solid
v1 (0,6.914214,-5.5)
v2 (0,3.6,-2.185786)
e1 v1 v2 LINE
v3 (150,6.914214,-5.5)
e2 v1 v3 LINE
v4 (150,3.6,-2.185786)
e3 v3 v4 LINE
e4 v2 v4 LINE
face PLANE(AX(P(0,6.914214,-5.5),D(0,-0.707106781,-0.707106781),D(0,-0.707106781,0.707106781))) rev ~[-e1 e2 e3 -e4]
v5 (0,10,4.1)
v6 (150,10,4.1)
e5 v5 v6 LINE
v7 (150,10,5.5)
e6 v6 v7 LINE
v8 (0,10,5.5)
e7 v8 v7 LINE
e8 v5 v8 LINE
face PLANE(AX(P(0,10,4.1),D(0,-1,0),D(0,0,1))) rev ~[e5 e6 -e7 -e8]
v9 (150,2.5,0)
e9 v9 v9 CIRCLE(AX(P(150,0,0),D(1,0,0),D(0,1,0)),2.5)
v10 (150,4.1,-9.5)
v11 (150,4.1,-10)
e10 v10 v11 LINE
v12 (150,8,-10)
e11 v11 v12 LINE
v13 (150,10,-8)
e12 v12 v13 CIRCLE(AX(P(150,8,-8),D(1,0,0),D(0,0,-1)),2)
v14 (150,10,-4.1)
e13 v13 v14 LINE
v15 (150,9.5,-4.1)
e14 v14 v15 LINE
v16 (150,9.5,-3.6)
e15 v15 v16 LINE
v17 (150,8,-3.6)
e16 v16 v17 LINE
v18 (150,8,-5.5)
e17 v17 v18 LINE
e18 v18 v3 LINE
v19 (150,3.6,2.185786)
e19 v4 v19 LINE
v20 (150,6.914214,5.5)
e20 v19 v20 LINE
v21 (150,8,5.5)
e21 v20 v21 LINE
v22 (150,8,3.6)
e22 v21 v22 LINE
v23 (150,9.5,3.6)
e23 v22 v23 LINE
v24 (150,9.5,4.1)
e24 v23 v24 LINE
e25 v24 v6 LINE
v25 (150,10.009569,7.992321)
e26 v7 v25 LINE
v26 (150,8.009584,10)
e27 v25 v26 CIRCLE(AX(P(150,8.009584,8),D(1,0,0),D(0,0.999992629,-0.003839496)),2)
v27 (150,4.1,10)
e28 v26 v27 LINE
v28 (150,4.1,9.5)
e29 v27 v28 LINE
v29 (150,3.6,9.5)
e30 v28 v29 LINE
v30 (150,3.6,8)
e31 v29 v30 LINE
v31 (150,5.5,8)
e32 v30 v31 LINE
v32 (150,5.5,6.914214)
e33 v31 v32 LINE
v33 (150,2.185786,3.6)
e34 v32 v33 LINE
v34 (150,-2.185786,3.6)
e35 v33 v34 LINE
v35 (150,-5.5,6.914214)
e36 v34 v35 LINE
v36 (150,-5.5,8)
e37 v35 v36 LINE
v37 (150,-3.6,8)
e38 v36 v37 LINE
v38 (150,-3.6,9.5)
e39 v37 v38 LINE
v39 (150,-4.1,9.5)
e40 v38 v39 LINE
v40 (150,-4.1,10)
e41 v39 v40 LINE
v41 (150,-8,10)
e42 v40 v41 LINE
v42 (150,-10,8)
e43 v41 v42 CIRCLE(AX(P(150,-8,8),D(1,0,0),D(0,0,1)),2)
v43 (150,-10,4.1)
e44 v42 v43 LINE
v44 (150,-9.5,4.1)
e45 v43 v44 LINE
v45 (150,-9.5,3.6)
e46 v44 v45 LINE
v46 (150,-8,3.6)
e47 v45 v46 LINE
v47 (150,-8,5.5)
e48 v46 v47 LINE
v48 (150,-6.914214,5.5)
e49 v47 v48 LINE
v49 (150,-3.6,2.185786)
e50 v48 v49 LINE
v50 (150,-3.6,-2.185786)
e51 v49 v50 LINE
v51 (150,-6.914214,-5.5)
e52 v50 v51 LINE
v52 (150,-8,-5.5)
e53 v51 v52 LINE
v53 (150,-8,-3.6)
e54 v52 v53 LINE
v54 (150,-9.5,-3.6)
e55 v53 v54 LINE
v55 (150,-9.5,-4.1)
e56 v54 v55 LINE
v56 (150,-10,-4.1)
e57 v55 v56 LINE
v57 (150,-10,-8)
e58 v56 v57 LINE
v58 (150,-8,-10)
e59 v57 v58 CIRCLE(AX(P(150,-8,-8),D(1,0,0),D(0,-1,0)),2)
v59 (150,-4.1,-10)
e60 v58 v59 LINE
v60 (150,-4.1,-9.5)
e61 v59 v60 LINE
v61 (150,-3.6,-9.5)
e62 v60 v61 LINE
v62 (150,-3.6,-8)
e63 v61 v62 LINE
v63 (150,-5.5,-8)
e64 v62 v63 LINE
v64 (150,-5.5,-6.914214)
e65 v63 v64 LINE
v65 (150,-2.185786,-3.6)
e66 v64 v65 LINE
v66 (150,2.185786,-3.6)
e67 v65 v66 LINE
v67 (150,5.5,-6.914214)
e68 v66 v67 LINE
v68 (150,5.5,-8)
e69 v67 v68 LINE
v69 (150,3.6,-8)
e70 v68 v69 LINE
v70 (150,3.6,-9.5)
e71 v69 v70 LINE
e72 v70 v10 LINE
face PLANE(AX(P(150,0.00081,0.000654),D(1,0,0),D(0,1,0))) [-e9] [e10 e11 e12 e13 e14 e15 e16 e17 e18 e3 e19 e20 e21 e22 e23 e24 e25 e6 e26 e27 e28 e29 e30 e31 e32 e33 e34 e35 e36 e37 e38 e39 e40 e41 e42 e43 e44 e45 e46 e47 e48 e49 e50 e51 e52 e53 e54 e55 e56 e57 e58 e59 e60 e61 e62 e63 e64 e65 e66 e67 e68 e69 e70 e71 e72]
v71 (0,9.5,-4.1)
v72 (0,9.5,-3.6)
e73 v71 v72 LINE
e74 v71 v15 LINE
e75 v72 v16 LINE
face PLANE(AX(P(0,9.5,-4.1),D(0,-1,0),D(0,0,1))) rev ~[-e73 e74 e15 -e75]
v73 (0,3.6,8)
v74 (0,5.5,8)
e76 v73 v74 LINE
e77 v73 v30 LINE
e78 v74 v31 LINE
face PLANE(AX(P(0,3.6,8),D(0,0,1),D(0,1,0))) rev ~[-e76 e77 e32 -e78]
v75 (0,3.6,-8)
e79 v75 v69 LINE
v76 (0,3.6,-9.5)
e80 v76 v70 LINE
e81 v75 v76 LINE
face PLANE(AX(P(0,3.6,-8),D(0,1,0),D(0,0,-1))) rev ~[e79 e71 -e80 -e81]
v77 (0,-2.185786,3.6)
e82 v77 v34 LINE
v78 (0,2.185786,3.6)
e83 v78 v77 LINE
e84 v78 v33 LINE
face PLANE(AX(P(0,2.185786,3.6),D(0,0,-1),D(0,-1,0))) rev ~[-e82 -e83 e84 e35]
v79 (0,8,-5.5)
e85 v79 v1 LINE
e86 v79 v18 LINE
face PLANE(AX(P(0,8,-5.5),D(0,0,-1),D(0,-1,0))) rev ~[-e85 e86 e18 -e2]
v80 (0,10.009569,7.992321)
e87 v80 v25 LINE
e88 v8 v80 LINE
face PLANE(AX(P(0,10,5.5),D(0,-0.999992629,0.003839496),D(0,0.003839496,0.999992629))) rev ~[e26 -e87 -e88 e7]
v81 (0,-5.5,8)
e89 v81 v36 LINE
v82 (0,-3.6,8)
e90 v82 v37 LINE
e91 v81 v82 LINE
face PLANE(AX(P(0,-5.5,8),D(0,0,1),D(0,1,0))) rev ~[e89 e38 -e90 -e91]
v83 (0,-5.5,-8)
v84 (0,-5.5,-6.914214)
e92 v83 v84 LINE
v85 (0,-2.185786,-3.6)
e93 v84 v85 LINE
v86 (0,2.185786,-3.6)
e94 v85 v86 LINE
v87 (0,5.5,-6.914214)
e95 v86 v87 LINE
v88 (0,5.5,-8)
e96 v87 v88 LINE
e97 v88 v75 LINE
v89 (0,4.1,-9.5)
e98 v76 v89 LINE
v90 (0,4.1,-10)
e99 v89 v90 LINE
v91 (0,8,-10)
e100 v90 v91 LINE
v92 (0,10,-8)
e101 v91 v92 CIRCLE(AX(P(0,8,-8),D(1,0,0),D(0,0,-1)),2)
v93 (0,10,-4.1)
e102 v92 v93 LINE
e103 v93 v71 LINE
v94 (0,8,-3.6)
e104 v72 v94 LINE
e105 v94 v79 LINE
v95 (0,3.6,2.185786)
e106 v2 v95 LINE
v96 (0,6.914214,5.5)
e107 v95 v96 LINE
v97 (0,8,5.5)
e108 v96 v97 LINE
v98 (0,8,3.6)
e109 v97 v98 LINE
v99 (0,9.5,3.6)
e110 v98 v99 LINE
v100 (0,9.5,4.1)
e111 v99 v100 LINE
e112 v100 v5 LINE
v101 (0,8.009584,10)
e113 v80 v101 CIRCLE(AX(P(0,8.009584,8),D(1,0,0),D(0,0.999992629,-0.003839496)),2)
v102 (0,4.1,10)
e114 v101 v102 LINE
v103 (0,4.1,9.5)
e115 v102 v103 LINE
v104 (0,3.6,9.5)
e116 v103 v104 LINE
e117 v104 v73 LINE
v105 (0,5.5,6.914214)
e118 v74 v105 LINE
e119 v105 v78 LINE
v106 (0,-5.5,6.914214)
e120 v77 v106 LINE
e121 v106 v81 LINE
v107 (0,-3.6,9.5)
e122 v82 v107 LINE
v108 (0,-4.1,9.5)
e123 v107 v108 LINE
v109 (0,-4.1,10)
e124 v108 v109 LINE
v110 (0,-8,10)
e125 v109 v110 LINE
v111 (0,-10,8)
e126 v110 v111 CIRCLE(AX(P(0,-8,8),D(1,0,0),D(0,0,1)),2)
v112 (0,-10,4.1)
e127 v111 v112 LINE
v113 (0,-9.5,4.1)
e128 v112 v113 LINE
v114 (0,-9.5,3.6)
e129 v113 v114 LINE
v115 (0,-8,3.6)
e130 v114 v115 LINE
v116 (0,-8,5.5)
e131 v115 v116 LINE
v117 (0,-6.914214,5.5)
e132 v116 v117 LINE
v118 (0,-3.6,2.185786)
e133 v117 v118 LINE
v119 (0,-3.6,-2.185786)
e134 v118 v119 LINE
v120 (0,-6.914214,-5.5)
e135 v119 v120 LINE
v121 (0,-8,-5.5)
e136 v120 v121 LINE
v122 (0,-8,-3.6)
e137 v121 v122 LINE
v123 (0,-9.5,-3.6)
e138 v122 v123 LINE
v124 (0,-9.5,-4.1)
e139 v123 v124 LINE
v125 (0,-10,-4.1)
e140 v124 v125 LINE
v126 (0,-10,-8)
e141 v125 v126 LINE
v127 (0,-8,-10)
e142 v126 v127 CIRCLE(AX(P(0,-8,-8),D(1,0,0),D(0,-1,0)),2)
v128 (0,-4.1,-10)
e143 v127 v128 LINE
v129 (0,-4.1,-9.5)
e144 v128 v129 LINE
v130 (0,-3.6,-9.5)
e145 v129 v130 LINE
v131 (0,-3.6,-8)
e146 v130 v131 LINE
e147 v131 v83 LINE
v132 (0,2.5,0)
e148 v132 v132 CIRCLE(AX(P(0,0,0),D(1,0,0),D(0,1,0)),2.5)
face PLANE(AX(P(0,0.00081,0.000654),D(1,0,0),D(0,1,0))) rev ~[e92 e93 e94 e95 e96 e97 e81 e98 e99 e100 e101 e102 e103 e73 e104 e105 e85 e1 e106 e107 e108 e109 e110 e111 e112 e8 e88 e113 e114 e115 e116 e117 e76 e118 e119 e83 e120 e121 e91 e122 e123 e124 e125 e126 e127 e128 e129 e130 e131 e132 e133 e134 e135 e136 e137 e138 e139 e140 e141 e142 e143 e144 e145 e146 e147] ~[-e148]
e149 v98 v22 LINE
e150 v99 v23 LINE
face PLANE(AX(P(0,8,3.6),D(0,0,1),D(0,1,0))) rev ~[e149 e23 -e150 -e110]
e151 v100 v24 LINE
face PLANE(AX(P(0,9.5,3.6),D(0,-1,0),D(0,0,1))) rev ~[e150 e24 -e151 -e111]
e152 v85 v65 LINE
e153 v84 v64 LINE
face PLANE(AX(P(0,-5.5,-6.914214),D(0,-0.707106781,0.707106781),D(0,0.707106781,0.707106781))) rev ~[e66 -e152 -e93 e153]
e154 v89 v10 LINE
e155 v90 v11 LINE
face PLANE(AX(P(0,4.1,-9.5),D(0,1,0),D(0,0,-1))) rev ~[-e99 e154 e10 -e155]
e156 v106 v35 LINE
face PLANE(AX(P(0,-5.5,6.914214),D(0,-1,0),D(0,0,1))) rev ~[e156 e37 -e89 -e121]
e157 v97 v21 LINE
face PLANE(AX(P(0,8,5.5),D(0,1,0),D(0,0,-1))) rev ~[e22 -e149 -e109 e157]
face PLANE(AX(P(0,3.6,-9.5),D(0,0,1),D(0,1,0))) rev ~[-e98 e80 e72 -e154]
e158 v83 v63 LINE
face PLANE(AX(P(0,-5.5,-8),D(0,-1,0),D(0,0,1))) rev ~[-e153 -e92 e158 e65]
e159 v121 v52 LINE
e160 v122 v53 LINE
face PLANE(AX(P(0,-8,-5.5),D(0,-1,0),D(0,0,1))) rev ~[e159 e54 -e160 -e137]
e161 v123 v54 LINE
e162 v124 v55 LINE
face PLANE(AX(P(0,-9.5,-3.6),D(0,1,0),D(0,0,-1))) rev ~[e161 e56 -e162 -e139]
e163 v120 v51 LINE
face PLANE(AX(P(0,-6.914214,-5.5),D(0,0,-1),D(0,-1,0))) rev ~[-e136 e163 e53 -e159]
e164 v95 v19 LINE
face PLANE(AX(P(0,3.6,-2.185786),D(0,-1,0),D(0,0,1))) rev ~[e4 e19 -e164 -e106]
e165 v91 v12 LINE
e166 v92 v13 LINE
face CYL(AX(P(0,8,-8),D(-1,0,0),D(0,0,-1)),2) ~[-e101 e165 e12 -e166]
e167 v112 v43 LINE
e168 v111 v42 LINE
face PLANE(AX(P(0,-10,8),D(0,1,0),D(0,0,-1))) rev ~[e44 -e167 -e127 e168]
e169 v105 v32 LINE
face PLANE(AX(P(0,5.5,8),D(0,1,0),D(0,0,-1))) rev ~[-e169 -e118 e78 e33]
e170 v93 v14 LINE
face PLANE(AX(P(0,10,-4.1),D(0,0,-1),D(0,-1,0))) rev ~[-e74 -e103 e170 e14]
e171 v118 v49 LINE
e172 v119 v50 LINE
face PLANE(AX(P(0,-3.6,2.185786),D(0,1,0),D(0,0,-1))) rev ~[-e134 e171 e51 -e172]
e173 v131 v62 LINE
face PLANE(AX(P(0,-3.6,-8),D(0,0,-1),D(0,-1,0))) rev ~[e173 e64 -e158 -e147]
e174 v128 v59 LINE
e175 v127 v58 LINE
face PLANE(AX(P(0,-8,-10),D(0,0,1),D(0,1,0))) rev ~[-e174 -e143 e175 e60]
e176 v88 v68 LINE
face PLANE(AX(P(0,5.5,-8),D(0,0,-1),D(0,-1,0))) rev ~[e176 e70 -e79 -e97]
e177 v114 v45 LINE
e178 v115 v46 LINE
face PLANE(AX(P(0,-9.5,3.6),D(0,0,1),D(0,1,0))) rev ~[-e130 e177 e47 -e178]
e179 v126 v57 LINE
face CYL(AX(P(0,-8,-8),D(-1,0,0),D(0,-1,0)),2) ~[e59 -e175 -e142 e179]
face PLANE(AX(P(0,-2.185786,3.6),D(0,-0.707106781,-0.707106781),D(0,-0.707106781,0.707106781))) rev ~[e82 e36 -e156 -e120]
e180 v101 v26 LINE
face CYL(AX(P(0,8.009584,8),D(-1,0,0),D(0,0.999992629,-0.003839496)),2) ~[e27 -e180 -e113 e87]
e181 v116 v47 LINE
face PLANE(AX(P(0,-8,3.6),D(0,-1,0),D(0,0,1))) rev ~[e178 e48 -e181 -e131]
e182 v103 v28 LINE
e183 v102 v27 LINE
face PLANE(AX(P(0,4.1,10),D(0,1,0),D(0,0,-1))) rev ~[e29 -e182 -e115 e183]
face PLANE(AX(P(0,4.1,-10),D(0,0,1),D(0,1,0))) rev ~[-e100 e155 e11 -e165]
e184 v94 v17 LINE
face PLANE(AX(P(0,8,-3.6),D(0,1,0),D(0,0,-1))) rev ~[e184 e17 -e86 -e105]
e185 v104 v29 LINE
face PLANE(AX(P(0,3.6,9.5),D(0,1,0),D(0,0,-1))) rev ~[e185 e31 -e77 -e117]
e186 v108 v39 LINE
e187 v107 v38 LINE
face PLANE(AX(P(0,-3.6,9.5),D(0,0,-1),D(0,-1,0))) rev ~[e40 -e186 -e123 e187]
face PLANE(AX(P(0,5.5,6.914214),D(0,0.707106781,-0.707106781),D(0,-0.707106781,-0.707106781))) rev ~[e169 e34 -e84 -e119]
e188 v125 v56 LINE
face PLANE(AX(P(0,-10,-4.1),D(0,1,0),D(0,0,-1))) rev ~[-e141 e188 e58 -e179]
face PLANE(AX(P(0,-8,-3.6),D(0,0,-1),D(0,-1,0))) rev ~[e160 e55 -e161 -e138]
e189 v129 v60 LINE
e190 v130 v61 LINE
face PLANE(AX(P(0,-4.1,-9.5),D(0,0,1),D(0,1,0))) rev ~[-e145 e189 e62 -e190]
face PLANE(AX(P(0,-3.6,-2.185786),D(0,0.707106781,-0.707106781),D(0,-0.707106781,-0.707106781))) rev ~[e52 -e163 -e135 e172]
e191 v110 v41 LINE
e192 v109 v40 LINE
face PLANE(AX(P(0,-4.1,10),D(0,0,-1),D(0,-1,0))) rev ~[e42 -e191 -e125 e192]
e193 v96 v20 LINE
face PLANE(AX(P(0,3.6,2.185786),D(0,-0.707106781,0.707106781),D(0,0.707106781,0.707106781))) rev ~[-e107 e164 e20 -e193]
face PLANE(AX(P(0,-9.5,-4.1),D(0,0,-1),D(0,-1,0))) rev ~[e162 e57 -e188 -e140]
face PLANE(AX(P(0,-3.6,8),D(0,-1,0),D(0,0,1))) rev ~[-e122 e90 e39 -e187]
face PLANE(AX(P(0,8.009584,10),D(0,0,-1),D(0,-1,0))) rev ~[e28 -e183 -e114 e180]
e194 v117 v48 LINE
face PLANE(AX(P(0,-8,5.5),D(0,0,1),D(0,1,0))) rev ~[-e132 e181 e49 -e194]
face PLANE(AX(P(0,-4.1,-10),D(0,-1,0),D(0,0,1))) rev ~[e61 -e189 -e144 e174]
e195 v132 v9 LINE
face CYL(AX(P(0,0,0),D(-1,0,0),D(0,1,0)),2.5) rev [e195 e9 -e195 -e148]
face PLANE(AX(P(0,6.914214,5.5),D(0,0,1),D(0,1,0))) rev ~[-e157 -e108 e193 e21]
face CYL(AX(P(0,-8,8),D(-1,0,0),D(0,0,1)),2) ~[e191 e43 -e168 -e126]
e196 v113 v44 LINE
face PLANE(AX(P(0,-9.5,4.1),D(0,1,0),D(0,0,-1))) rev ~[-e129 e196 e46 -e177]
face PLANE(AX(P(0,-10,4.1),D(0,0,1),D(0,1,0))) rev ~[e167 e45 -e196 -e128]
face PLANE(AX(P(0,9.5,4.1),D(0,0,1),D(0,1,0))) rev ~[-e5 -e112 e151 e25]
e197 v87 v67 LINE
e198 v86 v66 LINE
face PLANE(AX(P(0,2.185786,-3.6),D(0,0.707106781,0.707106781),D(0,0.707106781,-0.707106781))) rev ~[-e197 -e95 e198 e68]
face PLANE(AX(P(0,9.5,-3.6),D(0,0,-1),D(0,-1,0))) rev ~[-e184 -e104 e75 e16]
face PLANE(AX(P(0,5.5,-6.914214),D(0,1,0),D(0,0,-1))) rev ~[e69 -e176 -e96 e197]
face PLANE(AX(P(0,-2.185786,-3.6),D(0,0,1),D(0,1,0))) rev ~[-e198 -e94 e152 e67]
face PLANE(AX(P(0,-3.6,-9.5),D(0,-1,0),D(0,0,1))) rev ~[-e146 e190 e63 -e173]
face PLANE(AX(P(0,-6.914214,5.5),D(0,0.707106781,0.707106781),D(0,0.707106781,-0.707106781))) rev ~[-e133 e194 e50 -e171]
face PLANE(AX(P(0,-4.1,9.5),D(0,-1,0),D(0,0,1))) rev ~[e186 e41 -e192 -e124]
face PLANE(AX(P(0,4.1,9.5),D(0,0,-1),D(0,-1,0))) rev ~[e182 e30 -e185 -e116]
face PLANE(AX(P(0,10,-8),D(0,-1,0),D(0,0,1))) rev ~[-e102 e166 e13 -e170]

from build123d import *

# Parameters (mm, degrees)
F0_R     = 2.5
F1_DEPTH = 150


with BuildPart() as f1:
    # F0 (on Right) → F1 (new body)
    with BuildSketch(Plane.YZ):
        with BuildLine():
            ThreePointArc((10.0095693261, 7.9923210088), (9.4265099626, 9.411496018), (8.0095840678, 10))
            Line((8.0095840678, 10), (4.1, 10))
            Line((4.1, 10), (4.1, 9.5))
            Line((4.1, 9.5), (3.6, 9.5))
            Line((3.6, 9.5), (3.6, 8))
            Line((3.6, 8), (5.5, 8))
            Line((5.5, 8), (5.5, 6.9142135624))
            Line((5.5, 6.9142135624), (2.1857864376, 3.6))
            Line((2.1857864376, 3.6), (0, 3.6))
            Line((0, 3.6), (-2.1857864376, 3.6))
            Line((-2.1857864376, 3.6), (-5.5, 6.9142135624))
            Line((-5.5, 6.9142135624), (-5.5, 8))
            Line((-5.5, 8), (-3.6, 8))
            Line((-3.6, 8), (-3.6, 9.5))
            Line((-3.6, 9.5), (-4.1, 9.5))
            Line((-4.1, 9.5), (-4.1, 10))
            Line((-4.1, 10), (-8, 10))
            ThreePointArc((-8, 10), (-9.4142135624, 9.4142135624), (-10, 8))
            Line((-10, 8), (-10, 4.1))
            Line((-10, 4.1), (-9.5, 4.1))
            Line((-9.5, 4.1), (-9.5, 3.6))
            Line((-9.5, 3.6), (-8, 3.6))
            Line((-8, 3.6), (-8, 5.5))
            Line((-8, 5.5), (-6.9142135624, 5.5))
            Line((-6.9142135624, 5.5), (-3.6, 2.1857864376))
            Line((-3.6, 2.1857864376), (-3.6, 0))
            Line((-3.6, 0), (-3.6, -2.1857864376))
            Line((-3.6, -2.1857864376), (-6.9142135624, -5.5))
            Line((-6.9142135624, -5.5), (-8, -5.5))
            Line((-8, -5.5), (-8, -3.6))
            Line((-8, -3.6), (-9.5, -3.6))
            Line((-9.5, -3.6), (-9.5, -4.1))
            Line((-9.5, -4.1), (-10, -4.1))
            Line((-10, -4.1), (-10, -8))
            ThreePointArc((-10, -8), (-9.4142135624, -9.4142135624), (-8, -10))
            Line((-8, -10), (-4.1, -10))
            Line((-4.1, -10), (-4.1, -9.5))
            Line((-4.1, -9.5), (-3.6, -9.5))
            Line((-3.6, -9.5), (-3.6, -8))
            Line((-3.6, -8), (-5.5, -8))
            Line((-5.5, -8), (-5.5, -6.9142135624))
            Line((-5.5, -6.9142135624), (-2.1857864376, -3.6))
            Line((-2.1857864376, -3.6), (0, -3.6))
            Line((0, -3.6), (2.1857864376, -3.6))
            Line((2.1857864376, -3.6), (5.5, -6.9142135624))
            Line((5.5, -6.9142135624), (5.5, -8))
            Line((5.5, -8), (3.6, -8))
            Line((3.6, -8), (3.6, -9.5))
            Line((3.6, -9.5), (4.1, -9.5))
            Line((4.1, -9.5), (4.1, -10))
            Line((4.1, -10), (8, -10))
            ThreePointArc((8, -10), (9.4142135624, -9.4142135624), (10, -8))
            Line((10, -8), (10, -4.1))
            Line((10, -4.1), (9.5, -4.1))
            Line((9.5, -4.1), (9.5, -3.6))
            Line((9.5, -3.6), (8, -3.6))
            Line((8, -3.6), (8, -5.5))
            Line((8, -5.5), (6.9142135624, -5.5))
            Line((6.9142135624, -5.5), (3.6, -2.1857864376))
            Line((3.6, -2.1857864376), (3.6, 0))
            Line((3.6, 0), (3.6, 2.1857864376))
            Line((3.6, 2.1857864376), (6.9142135624, 5.5))
            Line((6.9142135624, 5.5), (8, 5.5))
            Line((8, 5.5), (8, 3.6))
            Line((8, 3.6), (9.5, 3.6))
            Line((9.5, 3.6), (9.5, 4.1))
            Line((9.5, 4.1), (10, 4.1))
            Line((10, 4.1), (10, 5.5))
            Line((10, 5.5), (10.0095693261, 7.9923210088))
        make_face()
        Circle(F0_R, mode=Mode.SUBTRACT)
    extrude(amount=F1_DEPTH)


solid = f1.part
